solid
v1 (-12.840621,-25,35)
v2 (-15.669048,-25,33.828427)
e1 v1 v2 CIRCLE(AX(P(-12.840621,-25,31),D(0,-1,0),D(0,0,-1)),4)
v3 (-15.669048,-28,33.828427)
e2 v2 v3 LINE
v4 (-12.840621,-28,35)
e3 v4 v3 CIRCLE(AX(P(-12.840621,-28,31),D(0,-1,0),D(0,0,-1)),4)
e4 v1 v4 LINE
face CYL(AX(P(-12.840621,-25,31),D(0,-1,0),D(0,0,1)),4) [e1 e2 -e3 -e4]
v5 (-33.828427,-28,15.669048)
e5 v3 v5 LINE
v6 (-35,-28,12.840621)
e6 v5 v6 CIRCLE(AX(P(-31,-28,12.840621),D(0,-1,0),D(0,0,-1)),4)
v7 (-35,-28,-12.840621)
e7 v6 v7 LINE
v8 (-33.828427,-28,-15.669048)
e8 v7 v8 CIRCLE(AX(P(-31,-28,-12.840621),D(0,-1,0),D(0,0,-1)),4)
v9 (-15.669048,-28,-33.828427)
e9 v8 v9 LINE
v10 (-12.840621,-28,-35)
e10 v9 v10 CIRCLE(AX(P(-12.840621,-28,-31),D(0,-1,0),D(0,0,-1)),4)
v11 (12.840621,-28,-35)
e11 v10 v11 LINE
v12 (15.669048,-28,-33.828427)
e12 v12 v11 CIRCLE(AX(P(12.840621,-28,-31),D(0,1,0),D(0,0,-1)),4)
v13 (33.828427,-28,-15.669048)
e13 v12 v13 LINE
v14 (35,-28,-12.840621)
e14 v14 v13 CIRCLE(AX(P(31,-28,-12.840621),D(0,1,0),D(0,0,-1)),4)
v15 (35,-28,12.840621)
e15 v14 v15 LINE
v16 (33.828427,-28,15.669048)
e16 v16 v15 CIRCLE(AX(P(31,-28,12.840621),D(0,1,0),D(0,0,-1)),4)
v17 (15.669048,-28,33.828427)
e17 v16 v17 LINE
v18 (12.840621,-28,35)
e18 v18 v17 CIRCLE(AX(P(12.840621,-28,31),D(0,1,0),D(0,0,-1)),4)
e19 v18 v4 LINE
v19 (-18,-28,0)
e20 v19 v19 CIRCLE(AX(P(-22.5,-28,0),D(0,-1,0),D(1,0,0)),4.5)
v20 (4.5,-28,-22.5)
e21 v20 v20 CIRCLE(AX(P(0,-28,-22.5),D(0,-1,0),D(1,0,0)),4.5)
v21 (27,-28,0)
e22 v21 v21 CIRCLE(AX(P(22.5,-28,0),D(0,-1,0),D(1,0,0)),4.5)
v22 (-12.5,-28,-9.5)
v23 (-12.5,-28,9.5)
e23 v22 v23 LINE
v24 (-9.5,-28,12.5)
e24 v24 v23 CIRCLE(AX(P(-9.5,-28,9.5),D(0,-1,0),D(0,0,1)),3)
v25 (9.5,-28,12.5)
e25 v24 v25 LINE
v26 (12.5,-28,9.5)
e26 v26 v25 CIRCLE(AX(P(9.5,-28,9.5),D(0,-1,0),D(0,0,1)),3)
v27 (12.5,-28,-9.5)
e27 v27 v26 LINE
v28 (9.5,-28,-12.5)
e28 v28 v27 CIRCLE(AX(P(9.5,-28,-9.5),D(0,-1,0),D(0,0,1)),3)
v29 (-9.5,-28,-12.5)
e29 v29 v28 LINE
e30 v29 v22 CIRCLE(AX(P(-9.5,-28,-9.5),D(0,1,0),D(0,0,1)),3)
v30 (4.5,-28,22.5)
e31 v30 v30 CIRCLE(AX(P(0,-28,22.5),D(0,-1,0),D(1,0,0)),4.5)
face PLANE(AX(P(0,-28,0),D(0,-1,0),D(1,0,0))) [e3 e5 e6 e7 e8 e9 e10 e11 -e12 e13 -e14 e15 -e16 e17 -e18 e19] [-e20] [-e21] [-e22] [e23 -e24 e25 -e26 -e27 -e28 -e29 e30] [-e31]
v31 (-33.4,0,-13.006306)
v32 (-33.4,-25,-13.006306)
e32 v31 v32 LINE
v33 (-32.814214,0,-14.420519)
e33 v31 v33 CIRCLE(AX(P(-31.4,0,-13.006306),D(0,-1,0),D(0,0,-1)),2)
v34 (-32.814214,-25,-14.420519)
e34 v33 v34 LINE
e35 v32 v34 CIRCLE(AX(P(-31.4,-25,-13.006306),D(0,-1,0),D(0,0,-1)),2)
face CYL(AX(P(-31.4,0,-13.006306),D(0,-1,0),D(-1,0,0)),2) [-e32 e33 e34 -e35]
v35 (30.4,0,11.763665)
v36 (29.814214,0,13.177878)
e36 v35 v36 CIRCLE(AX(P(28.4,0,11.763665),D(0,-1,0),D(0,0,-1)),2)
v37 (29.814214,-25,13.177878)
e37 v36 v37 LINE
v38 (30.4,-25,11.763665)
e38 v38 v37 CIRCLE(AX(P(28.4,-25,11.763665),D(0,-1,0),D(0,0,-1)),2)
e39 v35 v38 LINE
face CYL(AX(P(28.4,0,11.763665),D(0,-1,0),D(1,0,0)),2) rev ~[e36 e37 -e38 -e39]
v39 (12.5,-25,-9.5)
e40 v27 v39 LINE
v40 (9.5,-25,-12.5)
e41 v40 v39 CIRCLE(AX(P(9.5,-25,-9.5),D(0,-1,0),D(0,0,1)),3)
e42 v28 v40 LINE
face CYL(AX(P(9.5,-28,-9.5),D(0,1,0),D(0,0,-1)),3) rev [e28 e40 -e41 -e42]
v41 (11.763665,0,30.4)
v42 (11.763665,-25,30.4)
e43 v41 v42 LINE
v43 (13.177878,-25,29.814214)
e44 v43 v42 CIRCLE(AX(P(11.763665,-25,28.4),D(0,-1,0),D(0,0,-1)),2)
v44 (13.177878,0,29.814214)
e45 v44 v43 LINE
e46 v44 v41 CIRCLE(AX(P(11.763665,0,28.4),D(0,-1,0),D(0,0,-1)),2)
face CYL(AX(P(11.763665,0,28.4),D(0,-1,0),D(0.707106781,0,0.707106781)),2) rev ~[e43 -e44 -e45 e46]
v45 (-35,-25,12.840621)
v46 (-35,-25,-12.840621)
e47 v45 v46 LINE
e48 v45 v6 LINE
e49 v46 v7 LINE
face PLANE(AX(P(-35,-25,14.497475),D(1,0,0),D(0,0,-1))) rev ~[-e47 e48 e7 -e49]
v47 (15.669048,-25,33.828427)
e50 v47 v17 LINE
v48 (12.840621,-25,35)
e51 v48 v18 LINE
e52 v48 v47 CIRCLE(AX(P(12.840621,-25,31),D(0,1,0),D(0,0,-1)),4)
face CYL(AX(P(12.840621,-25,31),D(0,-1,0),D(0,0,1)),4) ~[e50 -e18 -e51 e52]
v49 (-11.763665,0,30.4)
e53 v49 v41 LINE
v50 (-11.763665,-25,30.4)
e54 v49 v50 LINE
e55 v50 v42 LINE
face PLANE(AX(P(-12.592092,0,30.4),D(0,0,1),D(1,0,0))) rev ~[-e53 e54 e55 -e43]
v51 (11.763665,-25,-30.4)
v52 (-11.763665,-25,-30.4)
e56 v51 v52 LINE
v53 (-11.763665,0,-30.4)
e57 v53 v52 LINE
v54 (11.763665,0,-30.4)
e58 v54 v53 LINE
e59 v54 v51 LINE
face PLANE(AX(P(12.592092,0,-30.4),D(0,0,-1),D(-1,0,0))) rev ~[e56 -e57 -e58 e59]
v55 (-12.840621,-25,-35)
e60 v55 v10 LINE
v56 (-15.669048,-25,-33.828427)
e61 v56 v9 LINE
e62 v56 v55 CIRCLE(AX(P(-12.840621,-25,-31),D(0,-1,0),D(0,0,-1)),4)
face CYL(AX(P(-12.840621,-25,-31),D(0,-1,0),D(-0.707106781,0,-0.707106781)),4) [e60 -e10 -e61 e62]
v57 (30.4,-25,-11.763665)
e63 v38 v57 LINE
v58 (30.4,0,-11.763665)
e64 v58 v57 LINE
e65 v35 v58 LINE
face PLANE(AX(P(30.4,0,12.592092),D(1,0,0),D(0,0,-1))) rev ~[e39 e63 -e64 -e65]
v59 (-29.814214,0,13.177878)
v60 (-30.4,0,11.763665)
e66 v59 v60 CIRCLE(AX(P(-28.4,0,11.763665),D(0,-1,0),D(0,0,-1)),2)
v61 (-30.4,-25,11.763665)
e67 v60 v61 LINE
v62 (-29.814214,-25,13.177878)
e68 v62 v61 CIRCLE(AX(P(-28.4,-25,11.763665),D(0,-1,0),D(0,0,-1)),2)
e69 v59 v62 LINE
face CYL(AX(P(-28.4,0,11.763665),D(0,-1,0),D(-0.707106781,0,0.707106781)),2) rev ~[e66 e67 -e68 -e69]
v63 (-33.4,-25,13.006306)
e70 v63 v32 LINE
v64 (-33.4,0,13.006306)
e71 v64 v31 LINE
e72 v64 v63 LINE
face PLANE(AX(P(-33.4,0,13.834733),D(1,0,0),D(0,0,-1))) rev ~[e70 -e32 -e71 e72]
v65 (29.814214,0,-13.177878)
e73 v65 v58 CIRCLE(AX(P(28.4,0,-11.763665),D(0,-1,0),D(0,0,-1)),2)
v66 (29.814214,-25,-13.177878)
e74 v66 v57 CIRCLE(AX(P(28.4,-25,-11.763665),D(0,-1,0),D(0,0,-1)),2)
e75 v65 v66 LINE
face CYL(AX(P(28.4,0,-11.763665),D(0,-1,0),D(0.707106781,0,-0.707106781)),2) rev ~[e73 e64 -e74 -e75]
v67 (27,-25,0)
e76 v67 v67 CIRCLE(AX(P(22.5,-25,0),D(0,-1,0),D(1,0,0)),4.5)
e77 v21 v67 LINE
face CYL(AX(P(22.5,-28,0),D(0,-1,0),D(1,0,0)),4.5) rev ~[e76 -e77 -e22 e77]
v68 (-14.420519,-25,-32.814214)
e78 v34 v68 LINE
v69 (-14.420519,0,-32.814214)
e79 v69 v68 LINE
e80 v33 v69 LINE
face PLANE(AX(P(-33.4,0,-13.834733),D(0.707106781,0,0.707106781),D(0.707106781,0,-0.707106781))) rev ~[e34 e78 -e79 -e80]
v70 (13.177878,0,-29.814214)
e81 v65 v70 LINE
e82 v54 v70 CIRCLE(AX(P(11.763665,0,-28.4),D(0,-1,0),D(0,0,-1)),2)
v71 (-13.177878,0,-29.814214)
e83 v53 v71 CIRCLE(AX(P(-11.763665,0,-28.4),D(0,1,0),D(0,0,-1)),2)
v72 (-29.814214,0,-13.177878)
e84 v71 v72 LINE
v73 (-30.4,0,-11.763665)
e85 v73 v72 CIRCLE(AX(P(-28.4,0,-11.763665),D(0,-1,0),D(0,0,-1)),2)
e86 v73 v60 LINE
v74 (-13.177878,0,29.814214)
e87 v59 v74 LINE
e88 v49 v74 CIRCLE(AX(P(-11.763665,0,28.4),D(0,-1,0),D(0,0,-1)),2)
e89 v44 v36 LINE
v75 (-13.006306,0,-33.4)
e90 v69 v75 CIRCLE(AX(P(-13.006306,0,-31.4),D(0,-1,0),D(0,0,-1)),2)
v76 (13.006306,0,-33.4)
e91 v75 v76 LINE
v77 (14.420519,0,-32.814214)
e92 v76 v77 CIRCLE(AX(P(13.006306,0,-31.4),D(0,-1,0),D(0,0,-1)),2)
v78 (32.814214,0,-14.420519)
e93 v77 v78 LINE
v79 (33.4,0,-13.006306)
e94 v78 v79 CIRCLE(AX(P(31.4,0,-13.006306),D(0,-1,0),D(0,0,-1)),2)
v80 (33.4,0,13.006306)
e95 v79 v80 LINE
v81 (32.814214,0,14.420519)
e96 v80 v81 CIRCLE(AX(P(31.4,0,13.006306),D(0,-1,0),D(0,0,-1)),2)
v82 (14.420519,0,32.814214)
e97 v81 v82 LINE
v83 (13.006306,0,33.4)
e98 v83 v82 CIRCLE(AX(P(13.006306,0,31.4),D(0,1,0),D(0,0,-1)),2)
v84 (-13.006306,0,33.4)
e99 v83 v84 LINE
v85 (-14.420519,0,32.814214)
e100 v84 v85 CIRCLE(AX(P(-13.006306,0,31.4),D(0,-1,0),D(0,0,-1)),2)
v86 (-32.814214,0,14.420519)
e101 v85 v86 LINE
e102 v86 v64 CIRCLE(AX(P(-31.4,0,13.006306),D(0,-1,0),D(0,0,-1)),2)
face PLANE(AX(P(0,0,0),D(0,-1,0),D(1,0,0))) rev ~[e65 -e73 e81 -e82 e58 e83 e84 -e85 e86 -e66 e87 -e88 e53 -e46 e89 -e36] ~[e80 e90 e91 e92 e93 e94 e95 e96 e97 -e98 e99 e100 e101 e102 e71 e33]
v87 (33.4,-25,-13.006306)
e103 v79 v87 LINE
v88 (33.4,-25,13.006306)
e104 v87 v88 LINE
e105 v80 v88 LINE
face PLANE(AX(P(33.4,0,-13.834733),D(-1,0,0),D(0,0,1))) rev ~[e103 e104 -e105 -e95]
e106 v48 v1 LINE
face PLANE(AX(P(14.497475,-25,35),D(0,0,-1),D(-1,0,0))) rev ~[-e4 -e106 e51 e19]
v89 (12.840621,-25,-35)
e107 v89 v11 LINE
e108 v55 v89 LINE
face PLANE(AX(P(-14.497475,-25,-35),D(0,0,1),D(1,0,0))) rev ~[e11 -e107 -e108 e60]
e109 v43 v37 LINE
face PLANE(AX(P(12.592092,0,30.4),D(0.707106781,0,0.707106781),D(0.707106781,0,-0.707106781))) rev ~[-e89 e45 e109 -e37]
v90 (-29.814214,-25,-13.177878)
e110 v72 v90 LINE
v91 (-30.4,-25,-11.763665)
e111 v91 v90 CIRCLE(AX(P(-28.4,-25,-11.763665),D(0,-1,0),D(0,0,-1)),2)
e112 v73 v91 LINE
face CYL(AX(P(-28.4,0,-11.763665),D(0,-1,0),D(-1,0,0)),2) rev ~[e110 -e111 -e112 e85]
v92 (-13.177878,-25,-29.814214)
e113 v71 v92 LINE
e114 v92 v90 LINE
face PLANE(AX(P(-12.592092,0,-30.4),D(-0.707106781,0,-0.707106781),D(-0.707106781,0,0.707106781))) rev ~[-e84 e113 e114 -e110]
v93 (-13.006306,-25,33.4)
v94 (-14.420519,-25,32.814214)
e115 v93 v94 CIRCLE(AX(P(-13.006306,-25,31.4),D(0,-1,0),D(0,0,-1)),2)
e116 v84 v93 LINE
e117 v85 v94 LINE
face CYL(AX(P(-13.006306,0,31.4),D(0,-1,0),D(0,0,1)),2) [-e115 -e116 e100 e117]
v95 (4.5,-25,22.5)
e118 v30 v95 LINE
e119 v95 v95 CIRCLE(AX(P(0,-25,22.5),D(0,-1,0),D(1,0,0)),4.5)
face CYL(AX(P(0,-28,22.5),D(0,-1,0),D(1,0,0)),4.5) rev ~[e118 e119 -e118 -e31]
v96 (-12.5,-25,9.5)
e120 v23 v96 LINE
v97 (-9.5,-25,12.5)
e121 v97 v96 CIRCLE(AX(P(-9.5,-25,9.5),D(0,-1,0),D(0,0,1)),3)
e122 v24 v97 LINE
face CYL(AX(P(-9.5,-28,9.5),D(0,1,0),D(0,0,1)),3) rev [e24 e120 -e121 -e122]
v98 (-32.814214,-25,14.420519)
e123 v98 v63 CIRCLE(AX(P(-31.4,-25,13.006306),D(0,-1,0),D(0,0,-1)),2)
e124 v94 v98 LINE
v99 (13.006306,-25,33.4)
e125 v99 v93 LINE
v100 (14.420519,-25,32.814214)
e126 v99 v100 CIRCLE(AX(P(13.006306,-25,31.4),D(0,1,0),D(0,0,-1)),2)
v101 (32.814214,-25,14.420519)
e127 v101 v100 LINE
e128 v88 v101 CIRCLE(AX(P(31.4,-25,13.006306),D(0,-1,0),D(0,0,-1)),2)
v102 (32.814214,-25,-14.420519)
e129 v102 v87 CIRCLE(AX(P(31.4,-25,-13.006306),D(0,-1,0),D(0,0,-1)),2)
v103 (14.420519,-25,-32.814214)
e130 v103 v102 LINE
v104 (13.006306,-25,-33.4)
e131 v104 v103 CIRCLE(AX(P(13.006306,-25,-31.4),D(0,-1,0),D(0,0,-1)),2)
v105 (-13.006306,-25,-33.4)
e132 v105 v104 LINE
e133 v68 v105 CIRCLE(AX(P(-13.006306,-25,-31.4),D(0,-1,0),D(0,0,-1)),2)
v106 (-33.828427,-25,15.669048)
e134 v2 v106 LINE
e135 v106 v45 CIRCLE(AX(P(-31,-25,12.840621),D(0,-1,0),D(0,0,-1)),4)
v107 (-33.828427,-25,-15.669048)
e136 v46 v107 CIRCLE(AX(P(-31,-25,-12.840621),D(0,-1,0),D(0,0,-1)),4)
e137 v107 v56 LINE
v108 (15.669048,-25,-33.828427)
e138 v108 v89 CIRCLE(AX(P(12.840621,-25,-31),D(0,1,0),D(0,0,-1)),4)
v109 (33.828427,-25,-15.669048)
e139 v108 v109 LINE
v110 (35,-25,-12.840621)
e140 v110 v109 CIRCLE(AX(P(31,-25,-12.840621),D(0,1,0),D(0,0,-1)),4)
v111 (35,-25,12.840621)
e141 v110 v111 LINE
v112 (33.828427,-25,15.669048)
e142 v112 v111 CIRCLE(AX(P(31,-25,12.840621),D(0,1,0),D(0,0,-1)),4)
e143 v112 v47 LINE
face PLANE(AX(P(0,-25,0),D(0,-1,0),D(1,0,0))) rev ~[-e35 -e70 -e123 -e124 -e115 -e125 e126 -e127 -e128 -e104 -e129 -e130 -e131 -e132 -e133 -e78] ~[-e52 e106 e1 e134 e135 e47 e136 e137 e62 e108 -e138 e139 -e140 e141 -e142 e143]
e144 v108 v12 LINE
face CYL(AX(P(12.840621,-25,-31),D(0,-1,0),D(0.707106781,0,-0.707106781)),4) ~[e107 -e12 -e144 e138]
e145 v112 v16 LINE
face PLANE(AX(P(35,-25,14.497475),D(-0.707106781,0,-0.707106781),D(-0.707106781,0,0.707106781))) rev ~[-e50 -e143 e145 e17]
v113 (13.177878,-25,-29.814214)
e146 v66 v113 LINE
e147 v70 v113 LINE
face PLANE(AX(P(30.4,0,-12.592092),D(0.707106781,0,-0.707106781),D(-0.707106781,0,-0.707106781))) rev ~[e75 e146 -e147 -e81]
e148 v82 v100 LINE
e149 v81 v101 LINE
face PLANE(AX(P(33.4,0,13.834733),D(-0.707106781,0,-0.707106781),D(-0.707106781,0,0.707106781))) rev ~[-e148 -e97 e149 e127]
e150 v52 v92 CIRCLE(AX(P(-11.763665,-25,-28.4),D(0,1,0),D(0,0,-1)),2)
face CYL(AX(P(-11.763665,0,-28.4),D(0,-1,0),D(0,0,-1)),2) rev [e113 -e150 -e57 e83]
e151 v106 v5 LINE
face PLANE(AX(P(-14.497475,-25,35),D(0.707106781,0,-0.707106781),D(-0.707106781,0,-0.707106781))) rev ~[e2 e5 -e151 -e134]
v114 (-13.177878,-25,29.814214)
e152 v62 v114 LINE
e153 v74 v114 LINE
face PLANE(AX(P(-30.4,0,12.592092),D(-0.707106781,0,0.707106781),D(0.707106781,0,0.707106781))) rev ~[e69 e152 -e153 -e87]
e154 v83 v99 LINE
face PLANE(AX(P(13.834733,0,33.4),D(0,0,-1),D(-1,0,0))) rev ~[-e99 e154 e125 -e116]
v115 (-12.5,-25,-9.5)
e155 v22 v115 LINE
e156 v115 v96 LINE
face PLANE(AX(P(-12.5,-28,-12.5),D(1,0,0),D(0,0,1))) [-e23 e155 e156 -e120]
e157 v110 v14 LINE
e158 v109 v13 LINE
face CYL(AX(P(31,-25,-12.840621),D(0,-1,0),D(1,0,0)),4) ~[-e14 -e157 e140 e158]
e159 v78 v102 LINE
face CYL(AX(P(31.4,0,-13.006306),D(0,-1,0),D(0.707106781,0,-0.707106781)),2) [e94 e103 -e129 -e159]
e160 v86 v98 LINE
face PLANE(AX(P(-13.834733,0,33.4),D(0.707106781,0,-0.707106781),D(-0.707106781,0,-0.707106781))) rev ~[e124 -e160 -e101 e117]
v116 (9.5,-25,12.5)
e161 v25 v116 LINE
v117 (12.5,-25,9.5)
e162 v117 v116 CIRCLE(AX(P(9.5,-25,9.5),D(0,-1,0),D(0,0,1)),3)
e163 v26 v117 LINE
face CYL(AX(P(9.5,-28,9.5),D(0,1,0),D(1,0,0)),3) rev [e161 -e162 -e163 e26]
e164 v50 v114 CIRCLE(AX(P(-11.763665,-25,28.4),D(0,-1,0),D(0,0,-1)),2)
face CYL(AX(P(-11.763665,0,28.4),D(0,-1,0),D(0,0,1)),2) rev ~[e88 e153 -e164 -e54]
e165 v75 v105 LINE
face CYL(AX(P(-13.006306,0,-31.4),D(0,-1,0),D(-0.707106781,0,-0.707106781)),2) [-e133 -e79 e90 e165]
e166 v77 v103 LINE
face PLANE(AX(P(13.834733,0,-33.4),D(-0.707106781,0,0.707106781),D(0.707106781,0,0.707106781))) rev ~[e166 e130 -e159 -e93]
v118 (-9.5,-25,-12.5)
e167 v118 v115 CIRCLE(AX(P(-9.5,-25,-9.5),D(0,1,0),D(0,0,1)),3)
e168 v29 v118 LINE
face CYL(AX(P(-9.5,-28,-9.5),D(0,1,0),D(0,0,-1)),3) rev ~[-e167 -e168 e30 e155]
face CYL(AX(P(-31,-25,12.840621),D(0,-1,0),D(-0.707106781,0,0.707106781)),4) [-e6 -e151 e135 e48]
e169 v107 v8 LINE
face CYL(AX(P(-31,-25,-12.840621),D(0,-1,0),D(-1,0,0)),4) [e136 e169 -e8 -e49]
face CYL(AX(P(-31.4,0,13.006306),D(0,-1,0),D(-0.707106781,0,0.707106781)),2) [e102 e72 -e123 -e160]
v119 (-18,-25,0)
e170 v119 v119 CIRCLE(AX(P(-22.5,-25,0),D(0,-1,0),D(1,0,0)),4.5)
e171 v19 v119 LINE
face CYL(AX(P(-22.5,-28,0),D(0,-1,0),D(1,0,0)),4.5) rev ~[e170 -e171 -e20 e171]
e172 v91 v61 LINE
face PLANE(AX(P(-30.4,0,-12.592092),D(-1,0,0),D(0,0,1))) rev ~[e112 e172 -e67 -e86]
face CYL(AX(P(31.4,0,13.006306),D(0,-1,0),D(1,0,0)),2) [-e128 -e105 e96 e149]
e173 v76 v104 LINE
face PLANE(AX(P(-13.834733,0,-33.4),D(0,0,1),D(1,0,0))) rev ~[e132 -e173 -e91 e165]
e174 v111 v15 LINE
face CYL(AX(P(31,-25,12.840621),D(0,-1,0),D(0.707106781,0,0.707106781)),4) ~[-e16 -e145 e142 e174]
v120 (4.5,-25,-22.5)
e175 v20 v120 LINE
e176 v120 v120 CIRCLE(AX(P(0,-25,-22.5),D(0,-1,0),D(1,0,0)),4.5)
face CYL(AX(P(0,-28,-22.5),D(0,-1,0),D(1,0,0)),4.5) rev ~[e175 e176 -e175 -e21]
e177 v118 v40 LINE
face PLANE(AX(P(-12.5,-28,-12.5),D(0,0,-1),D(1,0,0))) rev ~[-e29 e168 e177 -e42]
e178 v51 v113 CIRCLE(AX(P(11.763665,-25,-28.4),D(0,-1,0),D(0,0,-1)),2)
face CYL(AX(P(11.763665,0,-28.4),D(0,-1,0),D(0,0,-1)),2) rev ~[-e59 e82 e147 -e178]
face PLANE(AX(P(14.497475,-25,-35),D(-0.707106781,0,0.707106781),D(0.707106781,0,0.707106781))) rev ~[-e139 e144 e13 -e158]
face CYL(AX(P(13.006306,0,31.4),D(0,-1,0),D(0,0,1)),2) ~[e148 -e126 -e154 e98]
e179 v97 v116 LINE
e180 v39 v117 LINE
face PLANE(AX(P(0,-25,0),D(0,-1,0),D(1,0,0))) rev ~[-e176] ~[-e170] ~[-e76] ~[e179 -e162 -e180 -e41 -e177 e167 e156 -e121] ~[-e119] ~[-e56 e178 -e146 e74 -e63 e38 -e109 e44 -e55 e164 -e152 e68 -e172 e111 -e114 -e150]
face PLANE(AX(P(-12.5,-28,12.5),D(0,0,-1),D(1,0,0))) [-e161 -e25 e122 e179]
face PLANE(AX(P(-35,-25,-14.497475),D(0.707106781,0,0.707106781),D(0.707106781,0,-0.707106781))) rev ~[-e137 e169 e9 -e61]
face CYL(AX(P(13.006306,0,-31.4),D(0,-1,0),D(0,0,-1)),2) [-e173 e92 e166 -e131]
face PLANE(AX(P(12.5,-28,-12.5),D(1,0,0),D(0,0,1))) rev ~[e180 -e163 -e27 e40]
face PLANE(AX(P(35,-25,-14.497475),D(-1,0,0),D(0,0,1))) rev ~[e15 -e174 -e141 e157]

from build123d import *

# Parameters (mm, degrees)
F1_DEPTH  = 25
F3_DEPTH  = 3
F4_R      = 2
F5_R      = 4
F6_W      = 25
F6_H      = 25
F7_DEPTH  = 25
F8_R      = 3
F9_R      = 4.5
F10_DEPTH = 25


with BuildPart() as f1:
    # F0 (on Front) → F1 (new body)
    with BuildSketch(Plane.XZ):
        Polygon((13.834733, 33.4), (-13.834733, 33.4), (-33.4, 13.834733), (-33.4, -13.834733), (-13.834733, -33.4), (13.834733, -33.4), (33.4, -13.834733), (33.4, 13.834733), align=None)
        Polygon((-12.592092, -30.4), (-30.4, -12.592092), (-30.4, 12.592092), (-12.592092, 30.4), (12.592092, 30.4), (30.4, 12.592092), (30.4, -12.592092), (12.592092, -30.4), align=None, mode=Mode.SUBTRACT)
    extrude(amount=F1_DEPTH)

    # F2 (on face) → F3 (join)
    with BuildSketch(Plane.XZ.offset(25)):
        Polygon((14.497475, 35), (-14.497475, 35), (-35, 14.497475), (-35, -14.497475), (-14.497475, -35), (14.497475, -35), (35, -14.497475), (35, 14.497475), align=None)
    extrude(amount=F3_DEPTH)

    # F4
    f4_edges = [f1.edges().sort_by_distance(p)[0] for p in [
        (13.834733, -12.5, 33.4),
        (33.4, -12.5, 13.834733),
        (33.4, -12.5, -13.834733),
        (13.834733, -12.5, -33.4),
        (-13.834733, -12.5, -33.4),
        (-33.4, -12.5, -13.834733),
        (-33.4, -12.5, 13.834733),
        (-13.834733, -12.5, 33.4),
        (-30.4, -12.5, 12.592092),
        (-30.4, -12.5, -12.592092),
        (-12.592092, -12.5, 30.4),
        (12.592092, -12.5, 30.4),
        (30.4, -12.5, 12.592092),
        (30.4, -12.5, -12.592092),
        (-12.592092, -12.5, -30.4),
        (12.592092, -12.5, -30.4),
    ]]
    fillet(f4_edges, radius=F4_R)

    # F5
    f5_edges = [f1.edges().sort_by_distance(p)[0] for p in [
        (-14.497475, -26.5, 35),
        (-35, -26.5, 14.497475),
        (14.497475, -26.5, 35),
        (35, -26.5, 14.497475),
        (35, -26.5, -14.497475),
        (14.497475, -26.5, -35),
        (-14.497475, -26.5, -35),
        (-35, -26.5, -14.497475),
    ]]
    fillet(f5_edges, radius=F5_R)

    # F6 (on face) → F7 (cut)
    with BuildSketch(Plane.XZ.offset(28)):
        Rectangle(F6_W, F6_H)
    extrude(amount=-F7_DEPTH, mode=Mode.SUBTRACT)

    # F8
    f8_edges = [f1.edges().sort_by_distance(p)[0] for p in [
        (-12.5, -26.5, 12.5),
        (12.5, -26.5, 12.5),
        (12.5, -26.5, -12.5),
        (-12.5, -26.5, -12.5),
    ]]
    fillet(f8_edges, radius=F8_R)

    # F9 (on face) → F10 (cut)
    with BuildSketch(Plane.XZ.offset(28)):
        with Locations((0, 22.5)):
            Circle(F9_R)
        with Locations((22.5, 0)):
            Circle(F9_R)
        with Locations((0, -22.5)):
            Circle(F9_R)
        with Locations((-22.5, 0)):
            Circle(F9_R)
    extrude(amount=-F10_DEPTH, mode=Mode.SUBTRACT)


solid = f1.part
